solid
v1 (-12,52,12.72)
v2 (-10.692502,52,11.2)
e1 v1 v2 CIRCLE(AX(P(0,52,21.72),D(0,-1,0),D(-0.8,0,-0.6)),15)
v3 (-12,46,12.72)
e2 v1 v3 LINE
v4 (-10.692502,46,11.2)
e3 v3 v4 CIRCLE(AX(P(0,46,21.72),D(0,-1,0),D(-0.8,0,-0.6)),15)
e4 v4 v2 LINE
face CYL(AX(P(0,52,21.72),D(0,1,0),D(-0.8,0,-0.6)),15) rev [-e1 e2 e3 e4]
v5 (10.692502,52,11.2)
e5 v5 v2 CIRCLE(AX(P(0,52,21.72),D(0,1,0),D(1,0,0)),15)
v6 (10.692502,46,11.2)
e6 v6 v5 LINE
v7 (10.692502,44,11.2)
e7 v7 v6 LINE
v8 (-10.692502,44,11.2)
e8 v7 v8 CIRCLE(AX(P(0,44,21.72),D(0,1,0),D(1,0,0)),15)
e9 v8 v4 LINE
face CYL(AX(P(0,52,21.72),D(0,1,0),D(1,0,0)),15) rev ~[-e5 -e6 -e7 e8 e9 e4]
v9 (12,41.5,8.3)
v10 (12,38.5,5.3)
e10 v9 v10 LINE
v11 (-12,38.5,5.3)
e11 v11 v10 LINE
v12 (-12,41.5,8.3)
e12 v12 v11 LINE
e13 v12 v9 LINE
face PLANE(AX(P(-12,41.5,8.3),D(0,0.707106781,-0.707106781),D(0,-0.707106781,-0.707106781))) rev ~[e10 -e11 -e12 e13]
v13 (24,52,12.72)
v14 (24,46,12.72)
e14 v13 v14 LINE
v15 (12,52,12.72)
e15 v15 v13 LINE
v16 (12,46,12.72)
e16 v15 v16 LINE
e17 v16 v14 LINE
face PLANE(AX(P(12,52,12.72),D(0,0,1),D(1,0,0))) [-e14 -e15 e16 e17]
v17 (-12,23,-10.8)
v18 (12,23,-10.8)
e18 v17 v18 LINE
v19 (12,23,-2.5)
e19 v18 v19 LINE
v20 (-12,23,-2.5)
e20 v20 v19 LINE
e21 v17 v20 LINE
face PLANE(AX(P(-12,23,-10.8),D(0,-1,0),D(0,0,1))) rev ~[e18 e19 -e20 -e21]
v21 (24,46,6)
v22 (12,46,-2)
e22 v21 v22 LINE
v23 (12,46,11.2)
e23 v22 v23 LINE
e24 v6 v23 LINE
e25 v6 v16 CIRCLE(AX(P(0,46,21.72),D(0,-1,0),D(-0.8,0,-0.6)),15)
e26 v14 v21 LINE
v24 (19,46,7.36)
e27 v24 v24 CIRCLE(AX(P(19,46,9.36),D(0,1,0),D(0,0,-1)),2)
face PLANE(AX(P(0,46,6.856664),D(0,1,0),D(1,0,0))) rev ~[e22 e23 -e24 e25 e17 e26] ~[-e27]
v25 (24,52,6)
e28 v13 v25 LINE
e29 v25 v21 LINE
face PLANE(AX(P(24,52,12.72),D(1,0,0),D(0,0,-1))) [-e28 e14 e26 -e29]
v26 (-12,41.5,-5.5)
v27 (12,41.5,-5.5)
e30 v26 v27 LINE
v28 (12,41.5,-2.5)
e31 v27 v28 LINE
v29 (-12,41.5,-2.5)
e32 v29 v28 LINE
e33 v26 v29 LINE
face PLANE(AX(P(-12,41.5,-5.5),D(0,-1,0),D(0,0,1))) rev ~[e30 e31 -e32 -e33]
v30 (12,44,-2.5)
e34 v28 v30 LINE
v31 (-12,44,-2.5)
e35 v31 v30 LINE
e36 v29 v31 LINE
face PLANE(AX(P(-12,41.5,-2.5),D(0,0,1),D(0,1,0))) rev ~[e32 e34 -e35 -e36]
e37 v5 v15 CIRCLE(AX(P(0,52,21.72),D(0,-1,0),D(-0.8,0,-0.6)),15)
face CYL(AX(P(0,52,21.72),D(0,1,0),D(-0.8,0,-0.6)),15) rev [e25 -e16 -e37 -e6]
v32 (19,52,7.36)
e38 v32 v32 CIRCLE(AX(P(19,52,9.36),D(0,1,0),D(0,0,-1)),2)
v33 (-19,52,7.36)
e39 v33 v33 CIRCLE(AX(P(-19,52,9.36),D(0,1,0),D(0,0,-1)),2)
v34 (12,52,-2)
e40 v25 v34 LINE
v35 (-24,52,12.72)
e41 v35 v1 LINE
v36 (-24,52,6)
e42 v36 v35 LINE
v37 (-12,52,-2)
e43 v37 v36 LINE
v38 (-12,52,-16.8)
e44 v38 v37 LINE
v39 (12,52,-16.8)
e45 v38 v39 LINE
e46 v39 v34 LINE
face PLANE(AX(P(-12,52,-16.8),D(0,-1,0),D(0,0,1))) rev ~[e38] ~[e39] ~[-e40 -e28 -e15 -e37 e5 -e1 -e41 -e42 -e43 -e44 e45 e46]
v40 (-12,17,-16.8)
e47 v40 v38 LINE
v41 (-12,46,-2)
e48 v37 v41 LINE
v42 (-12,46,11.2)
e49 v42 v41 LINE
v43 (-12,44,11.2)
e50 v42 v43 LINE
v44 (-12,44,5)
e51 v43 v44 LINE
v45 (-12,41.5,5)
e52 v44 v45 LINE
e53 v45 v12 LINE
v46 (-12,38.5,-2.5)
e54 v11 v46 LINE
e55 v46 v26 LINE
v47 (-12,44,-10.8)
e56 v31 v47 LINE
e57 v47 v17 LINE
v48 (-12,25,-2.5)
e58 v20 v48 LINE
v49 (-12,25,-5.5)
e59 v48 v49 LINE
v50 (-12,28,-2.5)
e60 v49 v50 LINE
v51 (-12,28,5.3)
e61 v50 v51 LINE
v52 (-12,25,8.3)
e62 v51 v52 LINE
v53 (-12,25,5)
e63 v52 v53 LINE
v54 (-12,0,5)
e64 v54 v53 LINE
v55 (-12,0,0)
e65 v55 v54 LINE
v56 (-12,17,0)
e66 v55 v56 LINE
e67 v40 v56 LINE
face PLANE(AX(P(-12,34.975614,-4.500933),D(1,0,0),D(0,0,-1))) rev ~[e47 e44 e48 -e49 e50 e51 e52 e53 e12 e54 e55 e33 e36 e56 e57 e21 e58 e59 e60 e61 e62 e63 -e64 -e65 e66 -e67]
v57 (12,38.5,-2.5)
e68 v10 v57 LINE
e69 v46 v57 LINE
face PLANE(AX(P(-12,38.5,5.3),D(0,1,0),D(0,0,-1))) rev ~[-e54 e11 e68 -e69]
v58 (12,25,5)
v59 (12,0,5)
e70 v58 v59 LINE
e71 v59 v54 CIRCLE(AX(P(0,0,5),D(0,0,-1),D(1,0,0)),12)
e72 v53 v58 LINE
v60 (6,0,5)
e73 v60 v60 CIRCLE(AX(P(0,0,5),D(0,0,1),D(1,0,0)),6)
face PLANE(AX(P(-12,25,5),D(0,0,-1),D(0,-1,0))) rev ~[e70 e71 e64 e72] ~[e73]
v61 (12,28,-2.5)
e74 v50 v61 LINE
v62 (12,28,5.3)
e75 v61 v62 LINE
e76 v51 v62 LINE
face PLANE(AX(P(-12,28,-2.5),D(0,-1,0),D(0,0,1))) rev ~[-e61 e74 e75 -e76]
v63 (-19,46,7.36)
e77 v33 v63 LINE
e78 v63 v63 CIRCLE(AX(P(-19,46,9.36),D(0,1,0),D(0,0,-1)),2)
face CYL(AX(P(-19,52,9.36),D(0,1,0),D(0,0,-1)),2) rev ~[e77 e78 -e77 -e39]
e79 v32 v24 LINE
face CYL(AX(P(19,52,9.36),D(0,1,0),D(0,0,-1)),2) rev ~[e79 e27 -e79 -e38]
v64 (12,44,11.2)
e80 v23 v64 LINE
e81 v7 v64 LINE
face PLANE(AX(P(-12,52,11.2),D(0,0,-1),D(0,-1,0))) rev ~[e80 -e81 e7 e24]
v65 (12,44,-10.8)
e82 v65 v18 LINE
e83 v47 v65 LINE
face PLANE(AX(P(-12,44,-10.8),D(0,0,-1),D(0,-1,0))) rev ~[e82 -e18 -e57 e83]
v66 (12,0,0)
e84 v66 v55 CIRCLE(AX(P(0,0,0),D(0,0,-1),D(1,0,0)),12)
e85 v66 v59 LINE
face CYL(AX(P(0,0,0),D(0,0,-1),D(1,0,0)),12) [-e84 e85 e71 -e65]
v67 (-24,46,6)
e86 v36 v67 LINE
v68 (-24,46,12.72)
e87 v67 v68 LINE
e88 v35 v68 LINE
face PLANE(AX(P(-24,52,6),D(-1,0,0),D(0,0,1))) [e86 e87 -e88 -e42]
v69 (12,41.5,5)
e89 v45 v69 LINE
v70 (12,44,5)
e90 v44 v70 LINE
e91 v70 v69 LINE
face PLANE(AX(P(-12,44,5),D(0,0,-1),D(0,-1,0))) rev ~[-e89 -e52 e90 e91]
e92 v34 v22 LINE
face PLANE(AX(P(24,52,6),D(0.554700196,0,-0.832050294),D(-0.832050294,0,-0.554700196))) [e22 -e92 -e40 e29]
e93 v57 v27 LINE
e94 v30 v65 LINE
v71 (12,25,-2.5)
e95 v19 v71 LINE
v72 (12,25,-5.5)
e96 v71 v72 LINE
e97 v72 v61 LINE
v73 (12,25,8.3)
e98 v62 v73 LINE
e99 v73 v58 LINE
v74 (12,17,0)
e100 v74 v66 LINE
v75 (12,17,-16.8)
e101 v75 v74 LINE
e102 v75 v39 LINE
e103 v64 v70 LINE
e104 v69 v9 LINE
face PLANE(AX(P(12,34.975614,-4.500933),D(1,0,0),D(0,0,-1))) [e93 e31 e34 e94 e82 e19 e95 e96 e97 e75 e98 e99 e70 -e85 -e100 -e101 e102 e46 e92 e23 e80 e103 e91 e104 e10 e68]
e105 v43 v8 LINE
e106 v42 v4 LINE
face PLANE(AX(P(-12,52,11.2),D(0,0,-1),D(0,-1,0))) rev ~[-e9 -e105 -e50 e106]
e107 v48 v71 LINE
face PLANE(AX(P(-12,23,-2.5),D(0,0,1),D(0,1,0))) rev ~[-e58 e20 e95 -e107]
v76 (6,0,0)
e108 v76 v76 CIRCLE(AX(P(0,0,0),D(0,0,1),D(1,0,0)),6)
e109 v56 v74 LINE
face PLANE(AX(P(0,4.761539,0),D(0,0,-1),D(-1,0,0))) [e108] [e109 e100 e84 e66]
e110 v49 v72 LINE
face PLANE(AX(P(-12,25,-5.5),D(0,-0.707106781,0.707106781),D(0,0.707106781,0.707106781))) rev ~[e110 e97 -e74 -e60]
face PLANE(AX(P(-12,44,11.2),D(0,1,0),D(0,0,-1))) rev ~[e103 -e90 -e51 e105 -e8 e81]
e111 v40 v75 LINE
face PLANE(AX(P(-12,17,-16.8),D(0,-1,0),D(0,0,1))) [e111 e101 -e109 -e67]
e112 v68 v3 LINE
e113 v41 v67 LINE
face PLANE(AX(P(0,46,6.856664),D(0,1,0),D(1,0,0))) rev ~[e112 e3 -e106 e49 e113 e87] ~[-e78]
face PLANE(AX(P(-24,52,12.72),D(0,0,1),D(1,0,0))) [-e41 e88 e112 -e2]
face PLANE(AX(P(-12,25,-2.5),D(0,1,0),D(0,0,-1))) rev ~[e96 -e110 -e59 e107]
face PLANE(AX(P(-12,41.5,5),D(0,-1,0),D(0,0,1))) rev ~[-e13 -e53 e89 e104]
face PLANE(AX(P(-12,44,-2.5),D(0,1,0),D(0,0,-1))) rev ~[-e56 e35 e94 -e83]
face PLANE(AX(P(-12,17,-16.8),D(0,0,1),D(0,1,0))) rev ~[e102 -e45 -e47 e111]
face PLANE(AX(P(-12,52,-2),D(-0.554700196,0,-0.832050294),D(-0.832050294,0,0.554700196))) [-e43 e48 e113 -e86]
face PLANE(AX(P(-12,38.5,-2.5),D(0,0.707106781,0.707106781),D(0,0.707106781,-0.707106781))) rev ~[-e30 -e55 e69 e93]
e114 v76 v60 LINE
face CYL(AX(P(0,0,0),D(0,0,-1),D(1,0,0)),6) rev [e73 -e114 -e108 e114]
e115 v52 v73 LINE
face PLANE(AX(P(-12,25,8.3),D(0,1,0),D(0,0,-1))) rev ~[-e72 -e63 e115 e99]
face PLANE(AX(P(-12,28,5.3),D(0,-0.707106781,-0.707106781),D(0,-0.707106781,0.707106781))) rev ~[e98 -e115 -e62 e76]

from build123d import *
from build123d.topology import SkipClean

# Parameters (mm, degrees)
ESBO_O1_R                = 6
RESSALTO_EXTRUS_O1_DEPTH = 5
RESSALTO_EXTRUS_O2_DEPTH = 24
ESBO_O3_R                = 2
RESSALTO_EXTRUS_O3_DEPTH = 6
ESBO_O5_R                = 15
CORTE_EXTRUS_O1_DEPTH    = 10


with BuildPart() as part:
    # Esboço1 → Ressalto-extrusão1 (new body)
    with BuildSketch(Plane.XY):
        with BuildLine():
            Line((-12, 0), (-12, 17))
            Line((-12, 17), (12, 17))
            Line((12, 17), (12, 0))
            ThreePointArc((12, 0), (0, -12), (-12, 0))
        make_face()
        Circle(ESBO_O1_R, mode=Mode.SUBTRACT)
    extrude(amount=RESSALTO_EXTRUS_O1_DEPTH)

    # Esboço2 → Ressalto-extrusão2 (add)
    with BuildSketch(Plane.ZY.offset(12)):
        Polygon((5, 17), (0.2, 17), (-10.8, 17), (-16.8, 17), (-16.8, 52), (11.2, 52), (11.2, 44), (5, 44), (5, 41.5), (8.3, 41.5), (5.3, 38.5), (-2.5, 38.5), (-5.5, 41.5), (-2.5, 41.5), (-2.5, 44), (-10.8, 44), (-10.8, 23), (-2.5, 23), (-2.5, 25), (-5.5, 25), (-2.5, 28), (5.3, 28), (8.3, 25), (5, 25), align=None)
    extrude(amount=-RESSALTO_EXTRUS_O2_DEPTH)

    # Esboço3 → Ressalto-extrusão3 (add)
    with BuildSketch(Plane(origin=(0, 52, 0), x_dir=(1, 0, 0), z_dir=(0, 1, 0))):
        with BuildLine():
            Line((12, -6), (-12, -6))
            Line((-12, -6), (-12, 2))
            Line((-12, 2), (-24, -6))
            Line((-24, -6), (-24, -12.72))
            Line((-24, -12.72), (-12, -12.72))
            ThreePointArc((-12, -12.72), (0, -6.72), (12, -12.72))
            Line((12, -12.72), (24, -12.72))
            Line((24, -12.72), (24, -6))
            Line((24, -6), (12, 2))
            Line((12, 2), (12, -6))
        make_face()
        with Locations(Location((19, -9.36, 0), (0, 0, 90))):
            Circle(ESBO_O3_R, mode=Mode.SUBTRACT)
        with Locations(Location((-19, -9.36, 0), (0, 0, 90))):
            Circle(ESBO_O3_R, mode=Mode.SUBTRACT)
    extrude(amount=-RESSALTO_EXTRUS_O3_DEPTH)

    # Esboço5 → Corte-extrusão1 (cut)
    with SkipClean():  # the faces are left unmerged after this step: merging them gives an invalid solid
        with BuildSketch(Plane(origin=(0, 52, 0), x_dir=(1, 0, 0), z_dir=(0, 1, 0))):
            with Locations((0, -21.72)):
                Circle(ESBO_O5_R)
        extrude(amount=-CORTE_EXTRUS_O1_DEPTH, mode=Mode.SUBTRACT)


solid = part.part
